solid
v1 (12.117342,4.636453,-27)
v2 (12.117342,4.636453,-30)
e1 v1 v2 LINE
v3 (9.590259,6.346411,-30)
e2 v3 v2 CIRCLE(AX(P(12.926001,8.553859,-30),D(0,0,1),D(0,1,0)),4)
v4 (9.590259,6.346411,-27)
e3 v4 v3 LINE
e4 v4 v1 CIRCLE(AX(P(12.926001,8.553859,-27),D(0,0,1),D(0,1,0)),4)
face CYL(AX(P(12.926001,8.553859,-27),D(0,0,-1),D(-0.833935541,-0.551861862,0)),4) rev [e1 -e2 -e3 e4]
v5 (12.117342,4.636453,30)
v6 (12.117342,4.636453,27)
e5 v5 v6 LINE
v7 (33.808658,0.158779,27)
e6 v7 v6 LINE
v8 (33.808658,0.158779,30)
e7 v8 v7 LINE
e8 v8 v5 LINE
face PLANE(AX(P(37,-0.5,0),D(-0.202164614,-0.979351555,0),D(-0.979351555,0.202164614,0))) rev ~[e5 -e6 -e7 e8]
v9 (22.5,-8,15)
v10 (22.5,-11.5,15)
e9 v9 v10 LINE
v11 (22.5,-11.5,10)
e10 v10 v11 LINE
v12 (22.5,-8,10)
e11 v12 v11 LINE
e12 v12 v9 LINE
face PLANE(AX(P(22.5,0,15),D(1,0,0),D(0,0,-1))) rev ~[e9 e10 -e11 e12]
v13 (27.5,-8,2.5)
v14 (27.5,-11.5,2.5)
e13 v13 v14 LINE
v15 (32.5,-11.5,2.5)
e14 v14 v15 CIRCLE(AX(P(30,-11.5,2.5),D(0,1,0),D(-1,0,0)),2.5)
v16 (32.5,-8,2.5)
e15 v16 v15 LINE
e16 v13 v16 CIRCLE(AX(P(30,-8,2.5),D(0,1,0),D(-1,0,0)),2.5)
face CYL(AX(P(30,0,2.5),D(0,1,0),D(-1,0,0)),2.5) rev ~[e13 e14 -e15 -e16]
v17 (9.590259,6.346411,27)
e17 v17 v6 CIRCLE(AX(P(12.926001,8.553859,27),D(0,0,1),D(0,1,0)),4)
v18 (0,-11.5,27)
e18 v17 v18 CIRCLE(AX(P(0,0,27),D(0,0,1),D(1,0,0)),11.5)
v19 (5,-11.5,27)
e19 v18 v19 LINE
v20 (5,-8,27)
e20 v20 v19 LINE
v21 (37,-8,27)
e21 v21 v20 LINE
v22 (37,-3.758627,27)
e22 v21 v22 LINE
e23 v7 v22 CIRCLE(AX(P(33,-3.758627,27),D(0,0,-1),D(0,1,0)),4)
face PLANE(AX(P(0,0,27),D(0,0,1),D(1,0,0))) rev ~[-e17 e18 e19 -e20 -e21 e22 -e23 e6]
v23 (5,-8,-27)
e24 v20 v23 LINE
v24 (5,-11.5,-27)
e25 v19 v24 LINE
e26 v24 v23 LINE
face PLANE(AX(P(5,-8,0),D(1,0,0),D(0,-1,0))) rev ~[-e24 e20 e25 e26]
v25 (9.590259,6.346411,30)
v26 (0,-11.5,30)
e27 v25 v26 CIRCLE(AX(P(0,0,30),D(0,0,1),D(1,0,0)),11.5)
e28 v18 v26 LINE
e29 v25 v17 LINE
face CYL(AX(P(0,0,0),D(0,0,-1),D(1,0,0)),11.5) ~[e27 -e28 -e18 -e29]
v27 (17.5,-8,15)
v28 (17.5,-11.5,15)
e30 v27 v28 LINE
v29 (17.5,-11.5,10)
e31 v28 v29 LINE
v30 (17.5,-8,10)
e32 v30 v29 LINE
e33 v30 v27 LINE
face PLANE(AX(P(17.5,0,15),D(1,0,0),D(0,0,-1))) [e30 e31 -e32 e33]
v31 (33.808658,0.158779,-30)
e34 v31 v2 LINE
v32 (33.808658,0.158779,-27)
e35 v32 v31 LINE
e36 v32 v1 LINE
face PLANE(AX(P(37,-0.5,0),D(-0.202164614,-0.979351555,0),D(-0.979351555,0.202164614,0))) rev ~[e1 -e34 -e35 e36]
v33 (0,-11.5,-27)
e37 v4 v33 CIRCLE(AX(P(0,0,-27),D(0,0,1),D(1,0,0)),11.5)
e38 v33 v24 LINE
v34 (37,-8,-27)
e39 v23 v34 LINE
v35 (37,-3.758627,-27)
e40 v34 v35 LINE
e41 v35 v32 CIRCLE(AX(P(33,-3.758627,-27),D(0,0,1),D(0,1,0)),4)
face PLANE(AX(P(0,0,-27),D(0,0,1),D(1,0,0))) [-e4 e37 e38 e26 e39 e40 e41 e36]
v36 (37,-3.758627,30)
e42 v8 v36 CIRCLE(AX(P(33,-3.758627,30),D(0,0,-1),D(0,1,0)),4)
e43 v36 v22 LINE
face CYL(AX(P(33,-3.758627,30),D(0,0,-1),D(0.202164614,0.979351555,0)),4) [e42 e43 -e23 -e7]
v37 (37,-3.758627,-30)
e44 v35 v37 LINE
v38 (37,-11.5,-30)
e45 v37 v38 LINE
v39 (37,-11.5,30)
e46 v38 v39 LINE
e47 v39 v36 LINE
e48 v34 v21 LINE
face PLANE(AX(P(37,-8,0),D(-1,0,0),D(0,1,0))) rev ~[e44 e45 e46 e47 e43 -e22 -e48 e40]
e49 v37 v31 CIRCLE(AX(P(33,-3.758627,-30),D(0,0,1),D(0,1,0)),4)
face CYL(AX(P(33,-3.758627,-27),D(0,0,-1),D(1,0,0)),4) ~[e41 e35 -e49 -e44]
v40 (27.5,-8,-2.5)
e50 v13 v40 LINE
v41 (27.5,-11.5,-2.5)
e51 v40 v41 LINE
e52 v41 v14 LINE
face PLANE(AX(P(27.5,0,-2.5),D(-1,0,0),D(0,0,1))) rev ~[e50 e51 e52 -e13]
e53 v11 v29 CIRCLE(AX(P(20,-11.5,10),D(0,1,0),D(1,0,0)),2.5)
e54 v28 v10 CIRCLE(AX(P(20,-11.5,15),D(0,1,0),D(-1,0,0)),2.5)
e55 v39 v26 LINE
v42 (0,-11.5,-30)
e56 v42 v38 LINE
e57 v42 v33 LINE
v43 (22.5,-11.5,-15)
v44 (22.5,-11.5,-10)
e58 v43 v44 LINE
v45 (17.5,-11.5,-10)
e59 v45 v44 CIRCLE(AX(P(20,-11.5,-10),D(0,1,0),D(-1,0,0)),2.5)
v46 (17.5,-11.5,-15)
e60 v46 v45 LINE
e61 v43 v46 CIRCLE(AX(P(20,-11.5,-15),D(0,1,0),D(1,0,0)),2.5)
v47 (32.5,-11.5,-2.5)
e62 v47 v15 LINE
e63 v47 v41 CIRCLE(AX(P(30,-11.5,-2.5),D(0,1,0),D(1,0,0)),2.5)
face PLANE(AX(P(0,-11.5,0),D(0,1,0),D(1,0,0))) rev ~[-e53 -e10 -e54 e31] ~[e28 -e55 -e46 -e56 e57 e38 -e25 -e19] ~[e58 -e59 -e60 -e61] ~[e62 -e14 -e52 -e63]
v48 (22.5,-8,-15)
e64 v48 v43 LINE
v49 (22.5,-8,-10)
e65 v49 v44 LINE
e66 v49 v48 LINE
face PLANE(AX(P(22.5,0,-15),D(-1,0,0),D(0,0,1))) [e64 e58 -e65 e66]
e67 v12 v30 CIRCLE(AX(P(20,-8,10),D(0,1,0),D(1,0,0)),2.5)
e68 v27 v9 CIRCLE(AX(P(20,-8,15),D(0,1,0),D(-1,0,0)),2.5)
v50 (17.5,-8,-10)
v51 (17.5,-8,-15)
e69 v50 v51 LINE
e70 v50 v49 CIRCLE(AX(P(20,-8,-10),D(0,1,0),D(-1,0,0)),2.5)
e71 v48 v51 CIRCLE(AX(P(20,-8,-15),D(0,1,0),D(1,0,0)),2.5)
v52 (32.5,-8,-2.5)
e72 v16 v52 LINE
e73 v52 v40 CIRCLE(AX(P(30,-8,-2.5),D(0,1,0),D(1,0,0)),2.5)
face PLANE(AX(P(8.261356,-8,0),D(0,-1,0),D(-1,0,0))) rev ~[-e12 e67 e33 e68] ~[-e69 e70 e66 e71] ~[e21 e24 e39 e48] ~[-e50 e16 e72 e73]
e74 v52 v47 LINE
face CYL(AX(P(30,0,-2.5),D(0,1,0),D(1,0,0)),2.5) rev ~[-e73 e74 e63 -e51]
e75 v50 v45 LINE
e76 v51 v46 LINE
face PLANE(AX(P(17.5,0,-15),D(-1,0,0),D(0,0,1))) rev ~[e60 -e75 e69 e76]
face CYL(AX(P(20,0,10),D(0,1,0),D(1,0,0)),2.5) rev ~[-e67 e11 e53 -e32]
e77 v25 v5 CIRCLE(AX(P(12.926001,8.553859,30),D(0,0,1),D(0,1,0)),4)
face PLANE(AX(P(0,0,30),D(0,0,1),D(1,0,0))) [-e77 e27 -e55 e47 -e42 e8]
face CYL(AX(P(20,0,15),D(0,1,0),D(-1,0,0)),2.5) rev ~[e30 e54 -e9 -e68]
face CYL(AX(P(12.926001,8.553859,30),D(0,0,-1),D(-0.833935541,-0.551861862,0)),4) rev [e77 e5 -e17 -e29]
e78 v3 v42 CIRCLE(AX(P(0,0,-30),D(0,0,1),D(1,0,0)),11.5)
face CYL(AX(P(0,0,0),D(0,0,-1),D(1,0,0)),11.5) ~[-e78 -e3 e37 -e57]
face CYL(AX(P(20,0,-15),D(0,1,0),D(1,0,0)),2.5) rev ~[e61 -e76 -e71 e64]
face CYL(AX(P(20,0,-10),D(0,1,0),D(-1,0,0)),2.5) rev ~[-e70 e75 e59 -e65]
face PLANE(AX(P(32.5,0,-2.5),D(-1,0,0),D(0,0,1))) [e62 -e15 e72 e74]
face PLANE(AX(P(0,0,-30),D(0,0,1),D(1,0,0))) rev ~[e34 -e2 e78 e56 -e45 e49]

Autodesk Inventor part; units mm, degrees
ref_plane "YZ Plane" through (0, 0, 0) normal (1, 0, 0) x (0, 1, 0)
ref_plane "XZ Plane" through (0, 0, 0) normal (0, 1, 0) x (-1, 0, 0)
ref_plane "XY Plane" through (0, 0, 0) normal (0, 0, 1) x (1, 0, 0)
sketch "Sketch1" plane through (0, 0, 0) normal (0, 0, 1) x (1, 0, 0)
  circle A0 centre (0, 0) radius 11.5
  line L0 (5, -11.5) -> (37, -11.5)
  line L1 (37, -11.5) -> (37, -8)
  line L2 (37, -8) -> (5, -8)
  line L3 (5, -8) -> (5, -11.5)
  line L4 (37, -8) -> (37, -0.5)
  line L5 (37, -0.5) -> (10.3562, 5)
  line L6 (0, 0) -> (0, -11.5) construction
  line L7 (0, -11.5) -> (5, -11.5)
  dimension "d0" = 23
  dimension "d2" = 3.5
  dimension "d3" = 11
  dimension "d4" = 5
  dimension "d5" = 5
  dimension "d6" = 37
extrude "Extrusion1" add sketch "Sketch1" along normal mid plane 60
extrude "Extrusion2" cut sketch "Sketch1" along normal mid plane 54 contours A0 L2 L3 | A0 L5 L4 L2 | A0 L3 L7 picked at (-2.9713, 3.3704)
sketch "Sketch2" plane through (0, 0, 0) normal (0, 1, 0) x (-1, 0, 0)
  line L0 (0, 0) -> (-30, 0) construction
  arc A0 (-27.5, -2.5) -> (-32.5, -2.5) centre (-30, -2.5) ccw construction
  arc A1 (-32.5, 2.5) -> (-27.5, 2.5) centre (-30, 2.5) ccw construction
  line L1 (-32.5, -2.5) -> (-32.5, 2.5)
  line L2 (-27.5, -2.5) -> (-27.5, 2.5)
  line L3 (-30, -2.5) -> (-30, 2.5) construction
  arc A2 (-32.5, -2.5) -> (-27.5, -2.5) centre (-30, -2.5) ccw
  arc A3 (-27.5, 2.5) -> (-32.5, 2.5) centre (-30, 2.5) ccw
  line L4 (-22.5, -15) -> (-22.5, -10)
  line L5 (-17.5, -15) -> (-17.5, -10)
  arc A4 (-22.5, -15) -> (-17.5, -15) centre (-20, -15) ccw
  arc A5 (-17.5, -10) -> (-22.5, -10) centre (-20, -10) ccw
  line L6 (-20, -15) -> (-20, -10) construction
  arc A6 (-17.5, 15) -> (-22.5, 15) centre (-20, 15) ccw
  line L7 (-22.5, 15) -> (-22.5, 10)
  line L8 (-17.5, 15) -> (-17.5, 10)
  arc A7 (-22.5, 10) -> (-17.5, 10) centre (-20, 10) ccw
  line L9 (-20, 15) -> (-20, 10) construction
  line L10 (-17.5, -12.5) -> (-22.5, -12.5) construction
  line L11 (-17.5, 12.5) -> (-22.5, 12.5) construction
  dimension "d13" = 30
  dimension "d18" = 5
  dimension "d19" = 5
  dimension "d22" = 10
  dimension "d23" = 25
extrude "Extrusion3" cut sketch "Sketch2" against normal through all
fillet "Fillet1" radius 4 4 edges at (37, -0.5, -28.5) (37, -0.5, 28.5) (10.3562, 5, -28.5) (10.3562, 5, 28.5)
properties part number "carrier-end" material "ABS Plastic"
